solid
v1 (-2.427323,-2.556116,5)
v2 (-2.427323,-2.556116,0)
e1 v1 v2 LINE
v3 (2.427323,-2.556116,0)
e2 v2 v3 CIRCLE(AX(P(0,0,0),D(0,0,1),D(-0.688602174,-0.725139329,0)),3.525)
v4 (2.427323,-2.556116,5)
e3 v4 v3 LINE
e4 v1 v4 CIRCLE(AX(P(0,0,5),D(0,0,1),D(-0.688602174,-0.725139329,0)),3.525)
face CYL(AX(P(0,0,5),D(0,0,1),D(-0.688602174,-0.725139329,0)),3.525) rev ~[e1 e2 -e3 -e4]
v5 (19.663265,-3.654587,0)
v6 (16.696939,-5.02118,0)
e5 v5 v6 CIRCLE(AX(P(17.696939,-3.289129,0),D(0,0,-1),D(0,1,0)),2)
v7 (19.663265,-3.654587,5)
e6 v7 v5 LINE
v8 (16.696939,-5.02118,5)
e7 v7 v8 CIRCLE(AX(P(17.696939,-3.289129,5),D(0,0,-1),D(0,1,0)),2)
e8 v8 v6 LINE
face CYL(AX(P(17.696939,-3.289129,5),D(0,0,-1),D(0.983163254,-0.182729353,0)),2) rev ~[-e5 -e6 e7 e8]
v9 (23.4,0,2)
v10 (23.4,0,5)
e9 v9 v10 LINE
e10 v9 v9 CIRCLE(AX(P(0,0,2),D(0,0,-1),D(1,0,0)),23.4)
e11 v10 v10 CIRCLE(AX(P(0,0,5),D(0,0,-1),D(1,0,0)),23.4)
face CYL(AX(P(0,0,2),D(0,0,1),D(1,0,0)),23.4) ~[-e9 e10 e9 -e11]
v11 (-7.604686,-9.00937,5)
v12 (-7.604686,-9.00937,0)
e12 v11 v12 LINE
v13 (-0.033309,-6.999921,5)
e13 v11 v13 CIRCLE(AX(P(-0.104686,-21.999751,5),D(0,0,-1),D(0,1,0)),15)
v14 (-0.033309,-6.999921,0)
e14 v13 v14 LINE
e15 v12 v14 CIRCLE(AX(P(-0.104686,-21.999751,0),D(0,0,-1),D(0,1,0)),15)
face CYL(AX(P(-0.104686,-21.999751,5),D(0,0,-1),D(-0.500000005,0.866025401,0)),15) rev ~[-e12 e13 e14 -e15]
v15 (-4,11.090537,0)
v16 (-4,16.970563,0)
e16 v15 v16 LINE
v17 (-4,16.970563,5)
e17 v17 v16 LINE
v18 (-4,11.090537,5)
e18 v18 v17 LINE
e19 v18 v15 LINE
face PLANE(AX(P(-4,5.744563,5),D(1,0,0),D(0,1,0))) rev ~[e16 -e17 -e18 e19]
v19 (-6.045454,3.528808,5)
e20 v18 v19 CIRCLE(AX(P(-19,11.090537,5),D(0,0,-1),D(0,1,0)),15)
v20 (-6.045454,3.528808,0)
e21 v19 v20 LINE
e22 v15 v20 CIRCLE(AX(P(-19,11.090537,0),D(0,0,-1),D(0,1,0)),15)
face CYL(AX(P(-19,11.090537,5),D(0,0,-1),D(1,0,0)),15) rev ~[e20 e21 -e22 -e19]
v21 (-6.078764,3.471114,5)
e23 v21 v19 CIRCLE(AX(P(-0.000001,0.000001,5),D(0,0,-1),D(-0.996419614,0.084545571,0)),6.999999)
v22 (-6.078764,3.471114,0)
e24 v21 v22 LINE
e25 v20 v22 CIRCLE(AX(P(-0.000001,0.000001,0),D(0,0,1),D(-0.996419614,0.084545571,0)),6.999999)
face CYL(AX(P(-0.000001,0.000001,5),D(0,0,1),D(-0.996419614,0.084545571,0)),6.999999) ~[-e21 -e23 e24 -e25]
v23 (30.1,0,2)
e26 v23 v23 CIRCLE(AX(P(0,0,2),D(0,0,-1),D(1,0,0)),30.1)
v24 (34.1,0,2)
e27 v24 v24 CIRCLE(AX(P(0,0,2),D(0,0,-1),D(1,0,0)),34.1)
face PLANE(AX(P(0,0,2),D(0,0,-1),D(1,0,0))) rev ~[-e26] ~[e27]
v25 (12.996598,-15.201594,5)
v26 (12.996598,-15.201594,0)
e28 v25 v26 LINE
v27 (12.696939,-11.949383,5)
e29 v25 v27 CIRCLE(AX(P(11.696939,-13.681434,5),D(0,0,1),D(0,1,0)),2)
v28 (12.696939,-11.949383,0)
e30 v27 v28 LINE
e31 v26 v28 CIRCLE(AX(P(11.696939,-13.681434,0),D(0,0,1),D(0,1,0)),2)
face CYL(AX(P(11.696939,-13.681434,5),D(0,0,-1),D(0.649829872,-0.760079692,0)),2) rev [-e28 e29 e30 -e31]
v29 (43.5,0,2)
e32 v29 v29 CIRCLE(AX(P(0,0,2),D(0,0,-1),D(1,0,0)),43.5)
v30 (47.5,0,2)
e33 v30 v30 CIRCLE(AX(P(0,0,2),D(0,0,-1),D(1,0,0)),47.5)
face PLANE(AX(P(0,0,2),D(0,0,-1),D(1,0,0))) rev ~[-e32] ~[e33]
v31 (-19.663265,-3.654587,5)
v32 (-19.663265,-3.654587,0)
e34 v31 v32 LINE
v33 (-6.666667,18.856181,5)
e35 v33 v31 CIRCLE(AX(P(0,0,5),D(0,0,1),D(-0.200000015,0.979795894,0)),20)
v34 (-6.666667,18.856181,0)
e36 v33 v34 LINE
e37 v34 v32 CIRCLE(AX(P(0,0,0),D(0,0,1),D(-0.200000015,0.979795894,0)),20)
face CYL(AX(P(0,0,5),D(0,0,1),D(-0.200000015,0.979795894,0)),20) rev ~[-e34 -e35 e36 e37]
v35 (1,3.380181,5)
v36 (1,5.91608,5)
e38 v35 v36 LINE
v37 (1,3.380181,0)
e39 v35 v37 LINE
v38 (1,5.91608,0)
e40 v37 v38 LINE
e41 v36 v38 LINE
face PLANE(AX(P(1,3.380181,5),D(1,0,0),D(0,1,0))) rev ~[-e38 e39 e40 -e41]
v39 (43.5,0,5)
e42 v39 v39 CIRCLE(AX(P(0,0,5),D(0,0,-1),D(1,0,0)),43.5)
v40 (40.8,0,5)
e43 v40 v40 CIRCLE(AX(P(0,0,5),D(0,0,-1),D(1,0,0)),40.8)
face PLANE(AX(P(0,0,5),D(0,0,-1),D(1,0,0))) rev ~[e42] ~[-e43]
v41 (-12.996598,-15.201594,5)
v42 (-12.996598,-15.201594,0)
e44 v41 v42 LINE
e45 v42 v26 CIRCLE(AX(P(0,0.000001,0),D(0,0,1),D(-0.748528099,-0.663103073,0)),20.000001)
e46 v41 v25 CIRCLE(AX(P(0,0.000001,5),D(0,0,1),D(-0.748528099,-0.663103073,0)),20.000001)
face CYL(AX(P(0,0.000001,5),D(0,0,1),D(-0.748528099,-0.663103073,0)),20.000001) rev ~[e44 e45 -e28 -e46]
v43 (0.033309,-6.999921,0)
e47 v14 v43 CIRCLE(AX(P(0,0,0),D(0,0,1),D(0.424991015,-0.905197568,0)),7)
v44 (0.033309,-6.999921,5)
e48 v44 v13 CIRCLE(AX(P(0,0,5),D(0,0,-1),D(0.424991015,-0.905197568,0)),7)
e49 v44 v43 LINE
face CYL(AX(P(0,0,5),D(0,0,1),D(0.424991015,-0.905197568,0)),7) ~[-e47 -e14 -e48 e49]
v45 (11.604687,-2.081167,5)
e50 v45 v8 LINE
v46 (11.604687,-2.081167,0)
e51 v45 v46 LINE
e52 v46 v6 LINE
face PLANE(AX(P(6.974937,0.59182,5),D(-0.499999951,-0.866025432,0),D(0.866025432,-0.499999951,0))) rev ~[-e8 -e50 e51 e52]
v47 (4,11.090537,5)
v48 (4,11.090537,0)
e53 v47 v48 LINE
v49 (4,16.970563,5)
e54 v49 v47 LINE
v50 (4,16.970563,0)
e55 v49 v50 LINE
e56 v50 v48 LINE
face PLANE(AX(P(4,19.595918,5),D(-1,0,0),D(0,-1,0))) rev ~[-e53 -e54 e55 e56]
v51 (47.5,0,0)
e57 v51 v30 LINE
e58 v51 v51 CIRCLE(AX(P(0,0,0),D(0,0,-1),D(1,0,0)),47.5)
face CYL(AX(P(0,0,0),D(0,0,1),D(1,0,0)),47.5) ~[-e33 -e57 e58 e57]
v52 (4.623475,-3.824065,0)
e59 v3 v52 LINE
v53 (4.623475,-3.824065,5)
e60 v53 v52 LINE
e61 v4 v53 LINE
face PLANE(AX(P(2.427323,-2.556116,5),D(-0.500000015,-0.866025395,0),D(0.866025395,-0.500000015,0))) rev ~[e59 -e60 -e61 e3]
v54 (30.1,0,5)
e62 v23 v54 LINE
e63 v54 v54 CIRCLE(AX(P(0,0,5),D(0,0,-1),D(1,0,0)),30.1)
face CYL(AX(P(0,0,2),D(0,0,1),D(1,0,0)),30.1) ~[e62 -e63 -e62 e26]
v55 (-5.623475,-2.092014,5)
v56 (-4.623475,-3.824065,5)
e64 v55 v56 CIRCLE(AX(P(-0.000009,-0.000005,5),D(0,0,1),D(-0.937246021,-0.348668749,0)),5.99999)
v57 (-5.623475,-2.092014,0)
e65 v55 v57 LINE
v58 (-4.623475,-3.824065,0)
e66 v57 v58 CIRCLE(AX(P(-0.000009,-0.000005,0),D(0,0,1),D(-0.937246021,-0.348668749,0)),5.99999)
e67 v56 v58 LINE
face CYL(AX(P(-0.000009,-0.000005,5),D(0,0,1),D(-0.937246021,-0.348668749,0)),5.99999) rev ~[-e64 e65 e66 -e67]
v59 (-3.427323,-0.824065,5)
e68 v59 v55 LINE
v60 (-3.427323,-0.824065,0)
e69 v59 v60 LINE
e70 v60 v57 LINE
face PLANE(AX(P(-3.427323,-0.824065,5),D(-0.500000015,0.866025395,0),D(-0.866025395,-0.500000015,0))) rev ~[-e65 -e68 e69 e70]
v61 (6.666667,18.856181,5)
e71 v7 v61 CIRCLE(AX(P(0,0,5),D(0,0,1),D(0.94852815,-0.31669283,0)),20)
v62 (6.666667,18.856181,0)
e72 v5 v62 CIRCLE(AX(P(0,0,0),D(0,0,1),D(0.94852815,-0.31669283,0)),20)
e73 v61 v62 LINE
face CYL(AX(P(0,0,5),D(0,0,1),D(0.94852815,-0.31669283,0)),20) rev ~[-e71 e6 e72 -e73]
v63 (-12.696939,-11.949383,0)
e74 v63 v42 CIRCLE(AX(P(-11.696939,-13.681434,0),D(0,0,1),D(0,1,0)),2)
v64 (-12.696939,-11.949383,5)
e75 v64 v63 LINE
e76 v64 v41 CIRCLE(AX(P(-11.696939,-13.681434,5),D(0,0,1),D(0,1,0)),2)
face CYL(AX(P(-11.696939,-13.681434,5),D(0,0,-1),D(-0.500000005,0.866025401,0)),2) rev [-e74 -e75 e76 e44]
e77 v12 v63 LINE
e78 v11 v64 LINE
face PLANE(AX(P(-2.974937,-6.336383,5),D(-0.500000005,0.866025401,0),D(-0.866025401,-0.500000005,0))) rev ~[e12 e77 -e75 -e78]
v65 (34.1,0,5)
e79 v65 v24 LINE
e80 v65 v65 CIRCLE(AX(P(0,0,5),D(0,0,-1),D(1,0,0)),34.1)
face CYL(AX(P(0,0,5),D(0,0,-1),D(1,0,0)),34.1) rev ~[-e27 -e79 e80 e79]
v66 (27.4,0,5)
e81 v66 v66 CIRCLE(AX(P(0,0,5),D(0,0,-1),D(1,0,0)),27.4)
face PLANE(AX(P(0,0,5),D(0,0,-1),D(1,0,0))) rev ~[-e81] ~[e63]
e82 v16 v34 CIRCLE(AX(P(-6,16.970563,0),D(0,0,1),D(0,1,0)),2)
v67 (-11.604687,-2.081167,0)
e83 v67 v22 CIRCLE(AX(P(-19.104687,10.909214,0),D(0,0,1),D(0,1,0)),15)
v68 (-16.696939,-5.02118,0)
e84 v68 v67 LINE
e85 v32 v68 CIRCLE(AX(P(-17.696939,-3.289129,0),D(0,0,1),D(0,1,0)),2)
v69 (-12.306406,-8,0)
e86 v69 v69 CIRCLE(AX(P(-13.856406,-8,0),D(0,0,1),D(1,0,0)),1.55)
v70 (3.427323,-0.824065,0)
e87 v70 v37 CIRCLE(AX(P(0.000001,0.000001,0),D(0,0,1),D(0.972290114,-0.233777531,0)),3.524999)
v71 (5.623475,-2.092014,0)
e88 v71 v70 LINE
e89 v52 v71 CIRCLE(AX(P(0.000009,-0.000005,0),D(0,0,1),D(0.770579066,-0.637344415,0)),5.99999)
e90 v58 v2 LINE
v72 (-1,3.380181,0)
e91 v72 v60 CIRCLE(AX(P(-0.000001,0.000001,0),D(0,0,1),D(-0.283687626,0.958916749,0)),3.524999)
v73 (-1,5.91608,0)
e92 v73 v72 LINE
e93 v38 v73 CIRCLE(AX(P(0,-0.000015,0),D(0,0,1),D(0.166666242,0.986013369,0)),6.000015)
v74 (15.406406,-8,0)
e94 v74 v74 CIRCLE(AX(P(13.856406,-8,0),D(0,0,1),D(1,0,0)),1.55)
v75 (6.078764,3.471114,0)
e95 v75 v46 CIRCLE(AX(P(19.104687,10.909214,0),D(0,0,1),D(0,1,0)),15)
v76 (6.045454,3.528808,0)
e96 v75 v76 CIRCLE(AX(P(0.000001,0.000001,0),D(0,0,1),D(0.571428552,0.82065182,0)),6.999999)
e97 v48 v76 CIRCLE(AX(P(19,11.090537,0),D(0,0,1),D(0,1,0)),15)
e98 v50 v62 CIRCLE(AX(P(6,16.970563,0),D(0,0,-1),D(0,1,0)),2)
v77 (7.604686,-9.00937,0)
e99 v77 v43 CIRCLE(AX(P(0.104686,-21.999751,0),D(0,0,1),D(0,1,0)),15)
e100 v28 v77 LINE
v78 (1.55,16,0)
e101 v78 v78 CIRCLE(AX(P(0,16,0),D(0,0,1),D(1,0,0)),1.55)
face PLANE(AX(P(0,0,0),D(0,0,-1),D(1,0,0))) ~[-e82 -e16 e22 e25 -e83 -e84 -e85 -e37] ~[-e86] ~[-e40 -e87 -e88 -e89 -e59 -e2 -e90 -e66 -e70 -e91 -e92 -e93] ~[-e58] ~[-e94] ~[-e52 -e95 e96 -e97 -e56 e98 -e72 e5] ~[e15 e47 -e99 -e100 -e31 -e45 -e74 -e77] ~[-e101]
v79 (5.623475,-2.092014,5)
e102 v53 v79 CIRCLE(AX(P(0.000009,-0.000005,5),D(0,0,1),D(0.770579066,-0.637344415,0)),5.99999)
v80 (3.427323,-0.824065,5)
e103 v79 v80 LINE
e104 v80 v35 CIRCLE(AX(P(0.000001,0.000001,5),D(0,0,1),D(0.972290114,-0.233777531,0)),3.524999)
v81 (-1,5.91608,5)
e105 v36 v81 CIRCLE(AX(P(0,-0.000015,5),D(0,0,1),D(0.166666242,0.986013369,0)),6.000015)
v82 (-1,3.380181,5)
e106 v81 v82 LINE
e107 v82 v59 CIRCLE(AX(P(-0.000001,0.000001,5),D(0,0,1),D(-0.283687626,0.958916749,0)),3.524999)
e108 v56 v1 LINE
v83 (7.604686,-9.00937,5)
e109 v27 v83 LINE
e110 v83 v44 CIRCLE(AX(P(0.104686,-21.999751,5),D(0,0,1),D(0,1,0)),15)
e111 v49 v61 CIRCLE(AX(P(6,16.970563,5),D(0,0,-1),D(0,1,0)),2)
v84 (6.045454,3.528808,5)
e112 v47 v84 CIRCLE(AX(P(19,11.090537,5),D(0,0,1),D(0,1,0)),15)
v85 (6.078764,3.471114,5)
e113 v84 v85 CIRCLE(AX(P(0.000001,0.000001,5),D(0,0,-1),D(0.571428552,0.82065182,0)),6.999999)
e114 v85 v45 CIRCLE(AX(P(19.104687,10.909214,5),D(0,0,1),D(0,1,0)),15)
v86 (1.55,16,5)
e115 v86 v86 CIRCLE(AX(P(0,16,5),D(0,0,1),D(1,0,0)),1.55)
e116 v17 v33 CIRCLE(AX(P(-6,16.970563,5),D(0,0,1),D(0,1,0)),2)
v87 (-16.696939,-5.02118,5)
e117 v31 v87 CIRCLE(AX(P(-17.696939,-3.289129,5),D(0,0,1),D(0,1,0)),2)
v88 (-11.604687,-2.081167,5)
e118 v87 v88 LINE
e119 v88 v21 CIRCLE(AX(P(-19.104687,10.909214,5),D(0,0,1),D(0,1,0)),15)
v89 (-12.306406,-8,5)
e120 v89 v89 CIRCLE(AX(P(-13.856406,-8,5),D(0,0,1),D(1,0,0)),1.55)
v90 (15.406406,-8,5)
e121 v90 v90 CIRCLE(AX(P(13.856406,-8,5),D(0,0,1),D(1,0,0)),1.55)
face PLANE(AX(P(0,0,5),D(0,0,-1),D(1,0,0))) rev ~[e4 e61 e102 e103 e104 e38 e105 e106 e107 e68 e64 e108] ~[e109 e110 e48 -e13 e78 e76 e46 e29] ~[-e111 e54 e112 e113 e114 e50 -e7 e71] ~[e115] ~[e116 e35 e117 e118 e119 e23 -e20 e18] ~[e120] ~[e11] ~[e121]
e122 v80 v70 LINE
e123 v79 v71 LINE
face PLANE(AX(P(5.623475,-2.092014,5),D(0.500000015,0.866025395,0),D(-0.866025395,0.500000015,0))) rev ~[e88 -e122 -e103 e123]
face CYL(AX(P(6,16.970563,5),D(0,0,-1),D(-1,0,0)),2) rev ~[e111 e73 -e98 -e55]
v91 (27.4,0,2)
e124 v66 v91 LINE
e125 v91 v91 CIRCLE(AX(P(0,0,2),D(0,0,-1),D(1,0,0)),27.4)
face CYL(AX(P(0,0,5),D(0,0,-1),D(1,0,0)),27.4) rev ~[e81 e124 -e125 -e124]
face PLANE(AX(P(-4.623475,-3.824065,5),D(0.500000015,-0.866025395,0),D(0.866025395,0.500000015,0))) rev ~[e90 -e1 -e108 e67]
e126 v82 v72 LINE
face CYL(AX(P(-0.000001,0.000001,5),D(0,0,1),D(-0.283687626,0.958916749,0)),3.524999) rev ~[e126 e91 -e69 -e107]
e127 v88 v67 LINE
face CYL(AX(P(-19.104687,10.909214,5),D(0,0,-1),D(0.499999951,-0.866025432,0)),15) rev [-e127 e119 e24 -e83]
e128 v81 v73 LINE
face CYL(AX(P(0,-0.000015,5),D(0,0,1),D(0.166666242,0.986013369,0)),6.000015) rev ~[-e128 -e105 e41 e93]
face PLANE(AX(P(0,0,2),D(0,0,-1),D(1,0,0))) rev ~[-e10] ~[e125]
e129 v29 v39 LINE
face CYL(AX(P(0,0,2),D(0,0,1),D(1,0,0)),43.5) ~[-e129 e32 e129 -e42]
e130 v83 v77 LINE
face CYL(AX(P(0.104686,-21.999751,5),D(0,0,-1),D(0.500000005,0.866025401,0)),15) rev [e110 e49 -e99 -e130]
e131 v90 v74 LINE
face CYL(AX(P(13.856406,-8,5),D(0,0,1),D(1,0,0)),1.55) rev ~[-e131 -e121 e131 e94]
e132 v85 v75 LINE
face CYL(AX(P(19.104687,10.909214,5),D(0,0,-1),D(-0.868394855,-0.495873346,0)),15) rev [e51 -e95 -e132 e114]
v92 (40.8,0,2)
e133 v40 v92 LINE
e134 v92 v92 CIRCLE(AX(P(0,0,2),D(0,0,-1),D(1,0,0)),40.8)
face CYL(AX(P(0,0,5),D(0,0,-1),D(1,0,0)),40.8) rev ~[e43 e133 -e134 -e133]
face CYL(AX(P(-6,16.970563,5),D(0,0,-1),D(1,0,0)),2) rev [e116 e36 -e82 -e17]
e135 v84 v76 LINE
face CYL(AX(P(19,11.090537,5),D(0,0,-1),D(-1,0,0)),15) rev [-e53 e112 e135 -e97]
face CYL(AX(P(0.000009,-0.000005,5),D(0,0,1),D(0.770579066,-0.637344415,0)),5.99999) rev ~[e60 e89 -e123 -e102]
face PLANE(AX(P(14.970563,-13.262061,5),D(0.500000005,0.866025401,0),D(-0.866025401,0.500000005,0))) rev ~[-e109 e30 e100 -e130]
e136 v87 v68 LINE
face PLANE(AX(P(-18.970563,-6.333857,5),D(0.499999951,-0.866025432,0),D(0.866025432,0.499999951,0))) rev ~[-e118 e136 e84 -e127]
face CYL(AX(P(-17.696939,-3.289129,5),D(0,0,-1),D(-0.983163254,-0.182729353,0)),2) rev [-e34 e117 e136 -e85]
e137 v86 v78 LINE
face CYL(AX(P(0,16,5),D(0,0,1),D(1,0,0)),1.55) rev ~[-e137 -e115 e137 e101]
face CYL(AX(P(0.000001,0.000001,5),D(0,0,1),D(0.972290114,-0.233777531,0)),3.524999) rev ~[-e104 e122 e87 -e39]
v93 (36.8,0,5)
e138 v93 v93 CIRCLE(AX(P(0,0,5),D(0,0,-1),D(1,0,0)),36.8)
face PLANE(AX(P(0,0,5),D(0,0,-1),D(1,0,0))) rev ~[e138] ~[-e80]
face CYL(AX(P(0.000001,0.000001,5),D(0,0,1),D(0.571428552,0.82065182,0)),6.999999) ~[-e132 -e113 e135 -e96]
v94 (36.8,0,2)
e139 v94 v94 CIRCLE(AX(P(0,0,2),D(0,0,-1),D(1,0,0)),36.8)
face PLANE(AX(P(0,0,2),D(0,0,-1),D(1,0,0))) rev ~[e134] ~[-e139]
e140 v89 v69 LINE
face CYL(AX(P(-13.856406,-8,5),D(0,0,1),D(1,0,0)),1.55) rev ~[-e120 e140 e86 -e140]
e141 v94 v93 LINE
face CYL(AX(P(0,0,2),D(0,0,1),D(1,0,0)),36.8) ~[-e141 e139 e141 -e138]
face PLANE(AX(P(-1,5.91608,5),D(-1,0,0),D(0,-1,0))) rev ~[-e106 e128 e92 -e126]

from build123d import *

# Parameters (mm, degrees)
F2_R     = 1.55
F3_DEPTH = 5.001
F4_R     = 15
F5_R     = 2


with BuildPart() as f1:
    # F0 (on Front) → F1 (revolve)
    with BuildSketch(Plane.XZ):
        Polygon((0, 0), (47.5, 0), (47.5, 2), (43.5, 2), (43.5, 5), (40.8, 5), (40.8, 2), (36.8, 2), (36.8, 5), (34.1, 5), (34.1, 2), (30.1, 2), (30.1, 5), (27.4, 5), (27.4, 2), (23.4, 2), (23.4, 5), (0, 5), align=None)
    revolve(axis=Axis((0, 0, 0.333373), (0, 0, -1)))

    # F2 (on face) → F3 (cut, through all)
    with BuildSketch(Plane.XY.offset(5)):
        with BuildLine():
            ThreePointArc((3.427323, -0.824065), (3.05274, 1.7625), (1, 3.380181))
            Line((1, 3.380181), (1, 5.91608))
            ThreePointArc((1, 5.91608), (0, 6), (-1, 5.91608))
            Line((-1, 5.91608), (-1, 3.380181))
            ThreePointArc((-1, 3.380181), (-3.05274, 1.7625), (-3.427323, -0.824065))
            Line((-3.427323, -0.824065), (-5.623475, -2.092014))
            ThreePointArc((-5.623475, -2.092014), (-5.196152, -3), (-4.623475, -3.824065))
            Line((-4.623475, -3.824065), (-2.427323, -2.556116))
            ThreePointArc((-2.427323, -2.556116), (0, -3.525), (2.427323, -2.556116))
            Line((2.427323, -2.556116), (4.623475, -3.824065))
            ThreePointArc((4.623475, -3.824065), (5.196152, -3), (5.623475, -2.092014))
            Line((5.623475, -2.092014), (3.427323, -0.824065))
        make_face()
        with BuildLine():
            ThreePointArc((-6.974937, 0.59182), (-6.062178, 3.5), (-4, 5.744563))
            Line((-4, 5.744563), (-4, 19.595918))
            ThreePointArc((-4, 19.595918), (-17.320508, 10), (-18.970563, -6.333857))
            Line((-18.970563, -6.333857), (-6.974937, 0.59182))
        make_face()
        with BuildLine():
            Line((4, 19.595918), (4, 5.744563))
            ThreePointArc((4, 5.744563), (6.062178, 3.5), (6.974937, 0.59182))
            Line((6.974937, 0.59182), (18.970563, -6.333857))
            ThreePointArc((18.970563, -6.333857), (17.320508, 10), (4, 19.595918))
        make_face()
        with Locations((0, 16)):
            Circle(F2_R)
        with BuildLine():
            ThreePointArc((2.974937, -6.336383), (0, -7), (-2.974937, -6.336383))
            Line((-2.974937, -6.336383), (-14.970563, -13.262061))
            ThreePointArc((-14.970563, -13.262061), (0, -20), (14.970563, -13.262061))
            Line((14.970563, -13.262061), (2.974937, -6.336383))
        make_face()
        with Locations((-13.856406, -8)):
            Circle(F2_R)
        with Locations((13.856406, -8)):
            Circle(F2_R)
    extrude(amount=-F3_DEPTH, mode=Mode.SUBTRACT)

    # F4
    f4_edges = [f1.edges().sort_by_distance(p)[0] for p in [
        (4, 5.744563, 2.5),
        (6.974937, 0.59182, 2.5),
        (-2.974937, -6.336383, 2.5),
        (2.974937, -6.336383, 2.5),
        (-4, 5.744563, 2.5),
        (-6.974937, 0.59182, 2.5),
    ]]
    fillet(f4_edges, radius=F4_R)

    # F5
    f5_edges = [f1.edges().sort_by_distance(p)[0] for p in [
        (-4, 19.595918, 2.5),
        (4, 19.595918, 2.5),
        (-18.970563, -6.333857, 2.5),
        (-14.970563, -13.262061, 2.5),
        (14.970563, -13.262061, 2.5),
        (18.970563, -6.333857, 2.5),
    ]]
    fillet(f5_edges, radius=F5_R)


solid = f1.part
